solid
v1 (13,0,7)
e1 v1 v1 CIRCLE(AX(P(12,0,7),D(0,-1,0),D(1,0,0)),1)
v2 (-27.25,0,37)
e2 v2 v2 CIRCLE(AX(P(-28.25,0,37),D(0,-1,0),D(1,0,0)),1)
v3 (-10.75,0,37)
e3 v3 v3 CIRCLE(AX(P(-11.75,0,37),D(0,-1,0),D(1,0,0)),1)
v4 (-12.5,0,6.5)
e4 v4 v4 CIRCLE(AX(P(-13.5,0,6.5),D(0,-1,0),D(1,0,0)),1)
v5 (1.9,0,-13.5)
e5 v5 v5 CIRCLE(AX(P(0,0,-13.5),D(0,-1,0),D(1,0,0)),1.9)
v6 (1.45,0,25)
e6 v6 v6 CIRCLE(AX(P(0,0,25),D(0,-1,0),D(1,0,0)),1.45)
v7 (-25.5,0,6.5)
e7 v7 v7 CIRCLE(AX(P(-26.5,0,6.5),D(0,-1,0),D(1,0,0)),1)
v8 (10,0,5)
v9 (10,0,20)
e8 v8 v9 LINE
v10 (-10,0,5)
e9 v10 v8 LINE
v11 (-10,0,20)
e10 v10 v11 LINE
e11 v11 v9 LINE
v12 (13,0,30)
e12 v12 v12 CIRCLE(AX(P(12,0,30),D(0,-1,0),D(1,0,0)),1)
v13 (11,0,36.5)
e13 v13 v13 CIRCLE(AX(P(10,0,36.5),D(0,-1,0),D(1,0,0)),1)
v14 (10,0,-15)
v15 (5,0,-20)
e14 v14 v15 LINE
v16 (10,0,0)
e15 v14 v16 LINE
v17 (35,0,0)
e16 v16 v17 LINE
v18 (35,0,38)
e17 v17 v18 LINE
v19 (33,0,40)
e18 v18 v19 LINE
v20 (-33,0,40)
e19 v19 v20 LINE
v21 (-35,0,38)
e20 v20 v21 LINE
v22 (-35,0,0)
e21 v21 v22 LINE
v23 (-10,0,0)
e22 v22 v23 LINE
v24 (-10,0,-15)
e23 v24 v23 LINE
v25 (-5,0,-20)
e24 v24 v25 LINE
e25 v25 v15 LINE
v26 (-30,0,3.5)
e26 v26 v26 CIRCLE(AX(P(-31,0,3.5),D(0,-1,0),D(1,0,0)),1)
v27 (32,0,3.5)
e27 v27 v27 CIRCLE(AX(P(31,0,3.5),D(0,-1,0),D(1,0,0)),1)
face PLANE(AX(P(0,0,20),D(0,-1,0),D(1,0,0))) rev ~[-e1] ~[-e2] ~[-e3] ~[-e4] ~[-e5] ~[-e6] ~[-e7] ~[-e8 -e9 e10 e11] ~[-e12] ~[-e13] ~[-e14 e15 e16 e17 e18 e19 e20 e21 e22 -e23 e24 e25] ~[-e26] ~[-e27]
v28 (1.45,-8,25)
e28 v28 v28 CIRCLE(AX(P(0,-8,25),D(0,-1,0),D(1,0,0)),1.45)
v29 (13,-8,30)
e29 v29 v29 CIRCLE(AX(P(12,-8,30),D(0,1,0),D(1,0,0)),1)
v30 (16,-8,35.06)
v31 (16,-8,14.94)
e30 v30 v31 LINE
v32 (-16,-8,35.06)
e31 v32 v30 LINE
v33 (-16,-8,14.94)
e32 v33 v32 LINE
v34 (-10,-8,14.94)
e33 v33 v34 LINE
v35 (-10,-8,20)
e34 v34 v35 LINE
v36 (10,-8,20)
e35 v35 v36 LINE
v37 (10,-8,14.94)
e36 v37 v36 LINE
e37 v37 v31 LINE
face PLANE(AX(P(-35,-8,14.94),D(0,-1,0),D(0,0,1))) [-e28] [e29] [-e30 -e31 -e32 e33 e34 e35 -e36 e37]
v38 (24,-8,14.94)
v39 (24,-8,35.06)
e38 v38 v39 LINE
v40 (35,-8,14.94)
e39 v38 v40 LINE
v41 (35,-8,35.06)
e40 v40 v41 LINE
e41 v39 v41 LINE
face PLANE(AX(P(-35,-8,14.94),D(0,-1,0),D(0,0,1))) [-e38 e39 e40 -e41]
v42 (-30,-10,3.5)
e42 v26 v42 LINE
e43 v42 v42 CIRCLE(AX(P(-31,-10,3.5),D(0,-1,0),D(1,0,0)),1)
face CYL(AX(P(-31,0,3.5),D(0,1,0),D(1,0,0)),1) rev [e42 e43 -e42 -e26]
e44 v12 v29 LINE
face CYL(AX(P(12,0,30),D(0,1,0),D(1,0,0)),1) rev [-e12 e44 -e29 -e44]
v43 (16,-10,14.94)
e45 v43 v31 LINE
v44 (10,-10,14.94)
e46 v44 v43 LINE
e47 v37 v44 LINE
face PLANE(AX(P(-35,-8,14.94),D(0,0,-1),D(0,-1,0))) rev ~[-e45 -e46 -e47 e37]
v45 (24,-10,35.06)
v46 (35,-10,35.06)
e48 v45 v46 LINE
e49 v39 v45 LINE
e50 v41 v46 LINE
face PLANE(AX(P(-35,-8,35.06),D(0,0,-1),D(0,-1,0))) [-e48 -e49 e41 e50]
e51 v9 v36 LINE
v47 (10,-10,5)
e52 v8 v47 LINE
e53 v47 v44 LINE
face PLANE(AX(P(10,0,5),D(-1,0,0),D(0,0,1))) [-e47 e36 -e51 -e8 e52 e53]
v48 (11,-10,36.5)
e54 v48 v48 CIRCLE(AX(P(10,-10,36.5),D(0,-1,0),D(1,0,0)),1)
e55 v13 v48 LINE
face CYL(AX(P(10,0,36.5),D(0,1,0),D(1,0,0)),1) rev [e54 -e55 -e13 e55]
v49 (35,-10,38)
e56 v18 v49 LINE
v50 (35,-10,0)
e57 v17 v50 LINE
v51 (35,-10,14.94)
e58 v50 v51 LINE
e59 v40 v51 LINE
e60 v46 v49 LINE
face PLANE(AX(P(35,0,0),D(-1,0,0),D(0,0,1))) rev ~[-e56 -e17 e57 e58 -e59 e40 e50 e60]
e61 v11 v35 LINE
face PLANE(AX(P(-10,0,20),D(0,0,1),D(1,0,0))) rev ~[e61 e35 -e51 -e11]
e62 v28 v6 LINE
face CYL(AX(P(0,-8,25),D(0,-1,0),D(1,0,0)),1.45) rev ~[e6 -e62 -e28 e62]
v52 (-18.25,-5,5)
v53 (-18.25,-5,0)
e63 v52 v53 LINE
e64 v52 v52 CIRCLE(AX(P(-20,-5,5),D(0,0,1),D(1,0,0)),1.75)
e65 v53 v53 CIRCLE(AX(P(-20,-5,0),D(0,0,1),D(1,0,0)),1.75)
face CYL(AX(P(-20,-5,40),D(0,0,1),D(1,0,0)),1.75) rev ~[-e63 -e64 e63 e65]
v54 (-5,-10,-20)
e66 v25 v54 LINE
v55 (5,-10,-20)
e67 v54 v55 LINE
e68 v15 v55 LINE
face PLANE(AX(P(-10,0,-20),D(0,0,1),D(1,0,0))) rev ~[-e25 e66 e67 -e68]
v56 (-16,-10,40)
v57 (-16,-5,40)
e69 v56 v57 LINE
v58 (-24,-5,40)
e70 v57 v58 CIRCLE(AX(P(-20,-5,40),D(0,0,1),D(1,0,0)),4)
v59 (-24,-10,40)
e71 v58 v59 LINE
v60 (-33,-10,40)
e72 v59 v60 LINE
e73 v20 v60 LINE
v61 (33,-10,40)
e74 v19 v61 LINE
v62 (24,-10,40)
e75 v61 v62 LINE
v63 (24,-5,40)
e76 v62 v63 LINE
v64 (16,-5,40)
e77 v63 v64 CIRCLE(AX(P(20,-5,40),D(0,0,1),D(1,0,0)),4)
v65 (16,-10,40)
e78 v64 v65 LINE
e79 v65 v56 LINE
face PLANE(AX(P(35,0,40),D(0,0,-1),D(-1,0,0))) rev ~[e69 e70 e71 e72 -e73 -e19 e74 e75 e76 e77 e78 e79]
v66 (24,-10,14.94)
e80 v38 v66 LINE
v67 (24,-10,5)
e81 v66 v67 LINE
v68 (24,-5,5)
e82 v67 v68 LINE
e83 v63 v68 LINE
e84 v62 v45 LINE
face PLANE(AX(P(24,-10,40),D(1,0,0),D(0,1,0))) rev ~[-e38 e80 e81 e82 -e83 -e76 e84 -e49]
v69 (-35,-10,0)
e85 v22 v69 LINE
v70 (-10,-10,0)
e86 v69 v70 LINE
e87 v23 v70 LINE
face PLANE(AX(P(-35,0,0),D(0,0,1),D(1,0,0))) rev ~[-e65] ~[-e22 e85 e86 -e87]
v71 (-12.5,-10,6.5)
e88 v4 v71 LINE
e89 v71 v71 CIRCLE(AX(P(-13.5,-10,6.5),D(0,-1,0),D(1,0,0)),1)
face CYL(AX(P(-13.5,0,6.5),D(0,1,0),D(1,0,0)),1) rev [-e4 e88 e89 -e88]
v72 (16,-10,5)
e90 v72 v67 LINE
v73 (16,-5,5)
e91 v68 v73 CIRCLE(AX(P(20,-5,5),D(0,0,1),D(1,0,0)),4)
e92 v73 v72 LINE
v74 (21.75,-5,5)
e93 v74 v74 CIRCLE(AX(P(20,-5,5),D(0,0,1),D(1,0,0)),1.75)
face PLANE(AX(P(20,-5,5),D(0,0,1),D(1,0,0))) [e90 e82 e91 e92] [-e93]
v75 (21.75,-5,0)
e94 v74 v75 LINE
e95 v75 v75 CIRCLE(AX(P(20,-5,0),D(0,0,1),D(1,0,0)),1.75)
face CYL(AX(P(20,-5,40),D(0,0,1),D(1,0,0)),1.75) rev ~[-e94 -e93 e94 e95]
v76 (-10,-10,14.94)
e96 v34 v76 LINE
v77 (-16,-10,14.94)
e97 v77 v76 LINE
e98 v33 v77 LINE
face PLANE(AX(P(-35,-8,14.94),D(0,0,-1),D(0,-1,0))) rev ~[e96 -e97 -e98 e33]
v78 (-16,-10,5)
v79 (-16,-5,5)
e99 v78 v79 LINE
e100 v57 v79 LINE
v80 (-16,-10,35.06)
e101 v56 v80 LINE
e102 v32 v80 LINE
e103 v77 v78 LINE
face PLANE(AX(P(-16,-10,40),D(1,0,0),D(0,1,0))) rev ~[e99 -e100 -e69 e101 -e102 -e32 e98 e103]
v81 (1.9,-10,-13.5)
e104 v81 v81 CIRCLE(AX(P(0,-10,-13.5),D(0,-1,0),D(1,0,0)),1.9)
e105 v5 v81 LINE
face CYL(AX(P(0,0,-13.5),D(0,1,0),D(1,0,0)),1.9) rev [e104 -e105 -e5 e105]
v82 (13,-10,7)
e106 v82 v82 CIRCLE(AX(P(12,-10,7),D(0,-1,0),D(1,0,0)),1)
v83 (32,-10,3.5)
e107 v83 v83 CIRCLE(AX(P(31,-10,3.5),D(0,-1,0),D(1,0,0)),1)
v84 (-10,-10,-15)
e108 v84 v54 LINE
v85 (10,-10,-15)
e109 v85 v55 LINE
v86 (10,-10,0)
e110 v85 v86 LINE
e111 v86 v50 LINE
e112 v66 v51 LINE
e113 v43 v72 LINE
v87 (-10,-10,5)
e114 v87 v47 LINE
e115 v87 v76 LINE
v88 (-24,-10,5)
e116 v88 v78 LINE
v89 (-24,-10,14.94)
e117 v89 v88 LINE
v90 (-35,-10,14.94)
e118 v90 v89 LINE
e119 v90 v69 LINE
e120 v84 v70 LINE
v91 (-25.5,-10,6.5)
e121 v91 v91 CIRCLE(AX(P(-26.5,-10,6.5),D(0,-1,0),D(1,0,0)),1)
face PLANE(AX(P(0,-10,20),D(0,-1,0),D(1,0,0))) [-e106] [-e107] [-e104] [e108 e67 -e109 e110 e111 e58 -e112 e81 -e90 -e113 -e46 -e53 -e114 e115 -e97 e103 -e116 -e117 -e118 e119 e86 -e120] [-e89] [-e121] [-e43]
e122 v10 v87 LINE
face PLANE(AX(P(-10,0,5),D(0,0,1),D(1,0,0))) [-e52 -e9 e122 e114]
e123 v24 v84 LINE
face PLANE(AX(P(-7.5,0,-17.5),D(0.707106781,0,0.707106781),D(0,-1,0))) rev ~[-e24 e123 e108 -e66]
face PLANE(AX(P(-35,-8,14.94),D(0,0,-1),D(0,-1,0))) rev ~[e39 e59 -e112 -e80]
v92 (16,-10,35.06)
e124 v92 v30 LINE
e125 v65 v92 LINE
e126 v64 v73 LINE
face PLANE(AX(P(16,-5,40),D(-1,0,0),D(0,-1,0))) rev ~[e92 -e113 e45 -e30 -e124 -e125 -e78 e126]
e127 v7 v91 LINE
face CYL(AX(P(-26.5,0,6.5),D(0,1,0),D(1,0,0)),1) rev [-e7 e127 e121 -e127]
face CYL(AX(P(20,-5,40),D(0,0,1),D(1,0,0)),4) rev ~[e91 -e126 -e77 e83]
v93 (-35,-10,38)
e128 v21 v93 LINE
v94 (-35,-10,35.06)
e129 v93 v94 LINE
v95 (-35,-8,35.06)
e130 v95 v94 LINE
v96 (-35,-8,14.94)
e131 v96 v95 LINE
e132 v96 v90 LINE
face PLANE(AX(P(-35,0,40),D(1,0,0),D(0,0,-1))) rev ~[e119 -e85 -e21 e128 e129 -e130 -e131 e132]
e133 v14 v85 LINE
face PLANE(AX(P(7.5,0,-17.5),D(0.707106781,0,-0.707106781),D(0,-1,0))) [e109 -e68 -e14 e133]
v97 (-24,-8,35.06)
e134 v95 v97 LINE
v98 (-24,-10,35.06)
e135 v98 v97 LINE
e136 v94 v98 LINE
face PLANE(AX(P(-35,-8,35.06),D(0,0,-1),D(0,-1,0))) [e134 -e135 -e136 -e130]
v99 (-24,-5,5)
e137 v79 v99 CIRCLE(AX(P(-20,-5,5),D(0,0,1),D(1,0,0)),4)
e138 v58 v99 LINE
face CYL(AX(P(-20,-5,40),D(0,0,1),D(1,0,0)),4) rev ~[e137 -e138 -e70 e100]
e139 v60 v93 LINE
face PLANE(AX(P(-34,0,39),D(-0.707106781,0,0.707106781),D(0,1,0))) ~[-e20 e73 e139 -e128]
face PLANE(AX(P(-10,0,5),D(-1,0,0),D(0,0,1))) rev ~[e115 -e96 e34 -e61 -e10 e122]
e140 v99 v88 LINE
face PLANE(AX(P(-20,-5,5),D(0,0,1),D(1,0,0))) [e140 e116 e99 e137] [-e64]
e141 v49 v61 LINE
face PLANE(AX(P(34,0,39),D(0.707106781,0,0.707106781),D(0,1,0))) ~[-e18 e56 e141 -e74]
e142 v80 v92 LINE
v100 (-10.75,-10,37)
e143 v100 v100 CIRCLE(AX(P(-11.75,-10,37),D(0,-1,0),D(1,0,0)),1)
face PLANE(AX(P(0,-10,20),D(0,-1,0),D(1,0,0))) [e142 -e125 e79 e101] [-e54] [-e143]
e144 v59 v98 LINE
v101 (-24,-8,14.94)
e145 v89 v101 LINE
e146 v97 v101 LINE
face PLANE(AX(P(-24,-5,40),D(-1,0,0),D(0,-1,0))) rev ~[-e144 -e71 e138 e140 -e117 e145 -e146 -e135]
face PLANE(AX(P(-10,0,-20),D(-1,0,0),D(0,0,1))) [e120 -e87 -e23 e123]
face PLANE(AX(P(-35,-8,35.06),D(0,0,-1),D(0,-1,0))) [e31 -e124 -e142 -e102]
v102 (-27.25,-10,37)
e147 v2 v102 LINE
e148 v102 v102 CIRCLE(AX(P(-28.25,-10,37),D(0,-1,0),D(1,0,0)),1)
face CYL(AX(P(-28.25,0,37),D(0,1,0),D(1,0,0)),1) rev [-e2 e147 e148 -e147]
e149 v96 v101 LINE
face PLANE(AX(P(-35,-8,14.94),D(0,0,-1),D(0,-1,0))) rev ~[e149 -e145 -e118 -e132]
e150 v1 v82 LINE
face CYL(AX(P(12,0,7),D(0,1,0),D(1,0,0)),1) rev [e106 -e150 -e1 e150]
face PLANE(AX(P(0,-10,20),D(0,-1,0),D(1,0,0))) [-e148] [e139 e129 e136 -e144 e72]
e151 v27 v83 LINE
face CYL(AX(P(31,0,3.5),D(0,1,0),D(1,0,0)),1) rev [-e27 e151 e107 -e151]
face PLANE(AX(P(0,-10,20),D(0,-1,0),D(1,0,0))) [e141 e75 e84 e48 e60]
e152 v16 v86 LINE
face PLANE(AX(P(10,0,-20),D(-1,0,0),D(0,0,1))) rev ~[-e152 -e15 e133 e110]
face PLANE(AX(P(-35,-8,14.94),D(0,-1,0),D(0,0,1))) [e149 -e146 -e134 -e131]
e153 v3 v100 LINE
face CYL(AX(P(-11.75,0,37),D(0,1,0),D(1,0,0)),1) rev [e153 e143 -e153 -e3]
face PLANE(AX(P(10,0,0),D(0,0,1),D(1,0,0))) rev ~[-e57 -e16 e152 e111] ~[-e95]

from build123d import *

# Parameters (mm, degrees)
F0_R     = 1
F0_W     = 20
F0_H     = 15
F0_H_2   = 20
F0_R_2   = 1.9
F1_DEPTH = 10
F2_R     = 1.75
F3_DEPTH = 60.001
F4_W     = 2
F4_H     = 20.12
F5_DEPTH = 70.001
F6_R     = 1.45
F7_DEPTH = 8.001
F8_DEPTH = 35
F9_SIZE  = 5
F10_SIZE = 2


with BuildPart() as f1:
    # F0 (on Front) → F1 (new body)
    with BuildSketch(Plane.XZ):
        Polygon((35, 40), (-35, 40), (-35, 0), (-10, 0), (10, 0), (35, 0), align=None)
        with Locations((-31, 3.5)):
            Circle(F0_R, mode=Mode.SUBTRACT)
        with Locations((-26.5, 6.5)):
            Circle(F0_R, mode=Mode.SUBTRACT)
        with Locations((-13.5, 6.5)):
            Circle(F0_R, mode=Mode.SUBTRACT)
        with Locations((12, 7)):
            Circle(F0_R, mode=Mode.SUBTRACT)
        with Locations((31, 3.5)):
            Circle(F0_R, mode=Mode.SUBTRACT)
        with Locations((-28.25, 37)):
            Circle(F0_R, mode=Mode.SUBTRACT)
        with Locations((-11.75, 37)):
            Circle(F0_R, mode=Mode.SUBTRACT)
        with Locations((0, 12.5)):
            Rectangle(F0_W, F0_H, mode=Mode.SUBTRACT)
        with Locations((12, 30)):
            Circle(F0_R, mode=Mode.SUBTRACT)
        with Locations((10, 36.5)):
            Circle(F0_R, mode=Mode.SUBTRACT)
        with Locations((0, -10)):
            Rectangle(F0_W, F0_H_2)
        with Locations((0, -13.5)):
            Circle(F0_R_2, mode=Mode.SUBTRACT)
    extrude(amount=F1_DEPTH)

    # F2 (on face) → F3 (cut, through all)
    with BuildSketch(Plane.XY.offset(40)):
        with Locations((-20, -5)):
            Circle(F2_R)
        with Locations((20, -5)):
            Circle(F2_R)
    extrude(amount=-F3_DEPTH, mode=Mode.SUBTRACT)

    # F4 (on face) → F5 (cut, through all)
    with BuildSketch(Plane(origin=(-35, 0, 0), x_dir=(0, -1, 0), z_dir=(-1, 0, 0))):
        with Locations((9, 25)):
            Rectangle(F4_W, F4_H)
    extrude(amount=-F5_DEPTH, mode=Mode.SUBTRACT)

    # F6 (on face) → F7 (cut, through all)
    with BuildSketch(Plane.XZ.offset(8)):
        with Locations((0, 25)):
            Circle(F6_R)
    extrude(amount=-F7_DEPTH, mode=Mode.SUBTRACT)

    # F2 (on face) → F8 (cut)
    with BuildSketch(Plane.XY.offset(40)):
        with Locations((-20, -5)):
            Circle(F2_R)
        with Locations((20, -5)):
            Circle(F2_R)
        with BuildLine():
            Line((-24, -5), (-24, -10))
            Line((-24, -10), (-16, -10))
            Line((-16, -10), (-16, -5))
            ThreePointArc((-16, -5), (-20, -1), (-24, -5))
        make_face()
        with Locations((-20, -5)):
            Circle(F2_R, mode=Mode.SUBTRACT)
        with BuildLine():
            Line((16, -5), (16, -10))
            Line((16, -10), (24, -10))
            Line((24, -10), (24, -5))
            ThreePointArc((24, -5), (20, -1), (16, -5))
        make_face()
        with Locations((20, -5)):
            Circle(F2_R, mode=Mode.SUBTRACT)
    extrude(amount=-F8_DEPTH, mode=Mode.SUBTRACT)

    # F9
    f9_edges = [f1.edges().sort_by_distance(p)[0] for p in [
        (10, -5, -20),
        (-10, -5, -20),
    ]]
    chamfer(f9_edges, length=F9_SIZE)

    # F10
    f10_edges = [f1.edges().sort_by_distance(p)[0] for p in [
        (-35, -5, 40),
        (35, -5, 40),
    ]]
    chamfer(f10_edges, length=F10_SIZE)


solid = f1.part
